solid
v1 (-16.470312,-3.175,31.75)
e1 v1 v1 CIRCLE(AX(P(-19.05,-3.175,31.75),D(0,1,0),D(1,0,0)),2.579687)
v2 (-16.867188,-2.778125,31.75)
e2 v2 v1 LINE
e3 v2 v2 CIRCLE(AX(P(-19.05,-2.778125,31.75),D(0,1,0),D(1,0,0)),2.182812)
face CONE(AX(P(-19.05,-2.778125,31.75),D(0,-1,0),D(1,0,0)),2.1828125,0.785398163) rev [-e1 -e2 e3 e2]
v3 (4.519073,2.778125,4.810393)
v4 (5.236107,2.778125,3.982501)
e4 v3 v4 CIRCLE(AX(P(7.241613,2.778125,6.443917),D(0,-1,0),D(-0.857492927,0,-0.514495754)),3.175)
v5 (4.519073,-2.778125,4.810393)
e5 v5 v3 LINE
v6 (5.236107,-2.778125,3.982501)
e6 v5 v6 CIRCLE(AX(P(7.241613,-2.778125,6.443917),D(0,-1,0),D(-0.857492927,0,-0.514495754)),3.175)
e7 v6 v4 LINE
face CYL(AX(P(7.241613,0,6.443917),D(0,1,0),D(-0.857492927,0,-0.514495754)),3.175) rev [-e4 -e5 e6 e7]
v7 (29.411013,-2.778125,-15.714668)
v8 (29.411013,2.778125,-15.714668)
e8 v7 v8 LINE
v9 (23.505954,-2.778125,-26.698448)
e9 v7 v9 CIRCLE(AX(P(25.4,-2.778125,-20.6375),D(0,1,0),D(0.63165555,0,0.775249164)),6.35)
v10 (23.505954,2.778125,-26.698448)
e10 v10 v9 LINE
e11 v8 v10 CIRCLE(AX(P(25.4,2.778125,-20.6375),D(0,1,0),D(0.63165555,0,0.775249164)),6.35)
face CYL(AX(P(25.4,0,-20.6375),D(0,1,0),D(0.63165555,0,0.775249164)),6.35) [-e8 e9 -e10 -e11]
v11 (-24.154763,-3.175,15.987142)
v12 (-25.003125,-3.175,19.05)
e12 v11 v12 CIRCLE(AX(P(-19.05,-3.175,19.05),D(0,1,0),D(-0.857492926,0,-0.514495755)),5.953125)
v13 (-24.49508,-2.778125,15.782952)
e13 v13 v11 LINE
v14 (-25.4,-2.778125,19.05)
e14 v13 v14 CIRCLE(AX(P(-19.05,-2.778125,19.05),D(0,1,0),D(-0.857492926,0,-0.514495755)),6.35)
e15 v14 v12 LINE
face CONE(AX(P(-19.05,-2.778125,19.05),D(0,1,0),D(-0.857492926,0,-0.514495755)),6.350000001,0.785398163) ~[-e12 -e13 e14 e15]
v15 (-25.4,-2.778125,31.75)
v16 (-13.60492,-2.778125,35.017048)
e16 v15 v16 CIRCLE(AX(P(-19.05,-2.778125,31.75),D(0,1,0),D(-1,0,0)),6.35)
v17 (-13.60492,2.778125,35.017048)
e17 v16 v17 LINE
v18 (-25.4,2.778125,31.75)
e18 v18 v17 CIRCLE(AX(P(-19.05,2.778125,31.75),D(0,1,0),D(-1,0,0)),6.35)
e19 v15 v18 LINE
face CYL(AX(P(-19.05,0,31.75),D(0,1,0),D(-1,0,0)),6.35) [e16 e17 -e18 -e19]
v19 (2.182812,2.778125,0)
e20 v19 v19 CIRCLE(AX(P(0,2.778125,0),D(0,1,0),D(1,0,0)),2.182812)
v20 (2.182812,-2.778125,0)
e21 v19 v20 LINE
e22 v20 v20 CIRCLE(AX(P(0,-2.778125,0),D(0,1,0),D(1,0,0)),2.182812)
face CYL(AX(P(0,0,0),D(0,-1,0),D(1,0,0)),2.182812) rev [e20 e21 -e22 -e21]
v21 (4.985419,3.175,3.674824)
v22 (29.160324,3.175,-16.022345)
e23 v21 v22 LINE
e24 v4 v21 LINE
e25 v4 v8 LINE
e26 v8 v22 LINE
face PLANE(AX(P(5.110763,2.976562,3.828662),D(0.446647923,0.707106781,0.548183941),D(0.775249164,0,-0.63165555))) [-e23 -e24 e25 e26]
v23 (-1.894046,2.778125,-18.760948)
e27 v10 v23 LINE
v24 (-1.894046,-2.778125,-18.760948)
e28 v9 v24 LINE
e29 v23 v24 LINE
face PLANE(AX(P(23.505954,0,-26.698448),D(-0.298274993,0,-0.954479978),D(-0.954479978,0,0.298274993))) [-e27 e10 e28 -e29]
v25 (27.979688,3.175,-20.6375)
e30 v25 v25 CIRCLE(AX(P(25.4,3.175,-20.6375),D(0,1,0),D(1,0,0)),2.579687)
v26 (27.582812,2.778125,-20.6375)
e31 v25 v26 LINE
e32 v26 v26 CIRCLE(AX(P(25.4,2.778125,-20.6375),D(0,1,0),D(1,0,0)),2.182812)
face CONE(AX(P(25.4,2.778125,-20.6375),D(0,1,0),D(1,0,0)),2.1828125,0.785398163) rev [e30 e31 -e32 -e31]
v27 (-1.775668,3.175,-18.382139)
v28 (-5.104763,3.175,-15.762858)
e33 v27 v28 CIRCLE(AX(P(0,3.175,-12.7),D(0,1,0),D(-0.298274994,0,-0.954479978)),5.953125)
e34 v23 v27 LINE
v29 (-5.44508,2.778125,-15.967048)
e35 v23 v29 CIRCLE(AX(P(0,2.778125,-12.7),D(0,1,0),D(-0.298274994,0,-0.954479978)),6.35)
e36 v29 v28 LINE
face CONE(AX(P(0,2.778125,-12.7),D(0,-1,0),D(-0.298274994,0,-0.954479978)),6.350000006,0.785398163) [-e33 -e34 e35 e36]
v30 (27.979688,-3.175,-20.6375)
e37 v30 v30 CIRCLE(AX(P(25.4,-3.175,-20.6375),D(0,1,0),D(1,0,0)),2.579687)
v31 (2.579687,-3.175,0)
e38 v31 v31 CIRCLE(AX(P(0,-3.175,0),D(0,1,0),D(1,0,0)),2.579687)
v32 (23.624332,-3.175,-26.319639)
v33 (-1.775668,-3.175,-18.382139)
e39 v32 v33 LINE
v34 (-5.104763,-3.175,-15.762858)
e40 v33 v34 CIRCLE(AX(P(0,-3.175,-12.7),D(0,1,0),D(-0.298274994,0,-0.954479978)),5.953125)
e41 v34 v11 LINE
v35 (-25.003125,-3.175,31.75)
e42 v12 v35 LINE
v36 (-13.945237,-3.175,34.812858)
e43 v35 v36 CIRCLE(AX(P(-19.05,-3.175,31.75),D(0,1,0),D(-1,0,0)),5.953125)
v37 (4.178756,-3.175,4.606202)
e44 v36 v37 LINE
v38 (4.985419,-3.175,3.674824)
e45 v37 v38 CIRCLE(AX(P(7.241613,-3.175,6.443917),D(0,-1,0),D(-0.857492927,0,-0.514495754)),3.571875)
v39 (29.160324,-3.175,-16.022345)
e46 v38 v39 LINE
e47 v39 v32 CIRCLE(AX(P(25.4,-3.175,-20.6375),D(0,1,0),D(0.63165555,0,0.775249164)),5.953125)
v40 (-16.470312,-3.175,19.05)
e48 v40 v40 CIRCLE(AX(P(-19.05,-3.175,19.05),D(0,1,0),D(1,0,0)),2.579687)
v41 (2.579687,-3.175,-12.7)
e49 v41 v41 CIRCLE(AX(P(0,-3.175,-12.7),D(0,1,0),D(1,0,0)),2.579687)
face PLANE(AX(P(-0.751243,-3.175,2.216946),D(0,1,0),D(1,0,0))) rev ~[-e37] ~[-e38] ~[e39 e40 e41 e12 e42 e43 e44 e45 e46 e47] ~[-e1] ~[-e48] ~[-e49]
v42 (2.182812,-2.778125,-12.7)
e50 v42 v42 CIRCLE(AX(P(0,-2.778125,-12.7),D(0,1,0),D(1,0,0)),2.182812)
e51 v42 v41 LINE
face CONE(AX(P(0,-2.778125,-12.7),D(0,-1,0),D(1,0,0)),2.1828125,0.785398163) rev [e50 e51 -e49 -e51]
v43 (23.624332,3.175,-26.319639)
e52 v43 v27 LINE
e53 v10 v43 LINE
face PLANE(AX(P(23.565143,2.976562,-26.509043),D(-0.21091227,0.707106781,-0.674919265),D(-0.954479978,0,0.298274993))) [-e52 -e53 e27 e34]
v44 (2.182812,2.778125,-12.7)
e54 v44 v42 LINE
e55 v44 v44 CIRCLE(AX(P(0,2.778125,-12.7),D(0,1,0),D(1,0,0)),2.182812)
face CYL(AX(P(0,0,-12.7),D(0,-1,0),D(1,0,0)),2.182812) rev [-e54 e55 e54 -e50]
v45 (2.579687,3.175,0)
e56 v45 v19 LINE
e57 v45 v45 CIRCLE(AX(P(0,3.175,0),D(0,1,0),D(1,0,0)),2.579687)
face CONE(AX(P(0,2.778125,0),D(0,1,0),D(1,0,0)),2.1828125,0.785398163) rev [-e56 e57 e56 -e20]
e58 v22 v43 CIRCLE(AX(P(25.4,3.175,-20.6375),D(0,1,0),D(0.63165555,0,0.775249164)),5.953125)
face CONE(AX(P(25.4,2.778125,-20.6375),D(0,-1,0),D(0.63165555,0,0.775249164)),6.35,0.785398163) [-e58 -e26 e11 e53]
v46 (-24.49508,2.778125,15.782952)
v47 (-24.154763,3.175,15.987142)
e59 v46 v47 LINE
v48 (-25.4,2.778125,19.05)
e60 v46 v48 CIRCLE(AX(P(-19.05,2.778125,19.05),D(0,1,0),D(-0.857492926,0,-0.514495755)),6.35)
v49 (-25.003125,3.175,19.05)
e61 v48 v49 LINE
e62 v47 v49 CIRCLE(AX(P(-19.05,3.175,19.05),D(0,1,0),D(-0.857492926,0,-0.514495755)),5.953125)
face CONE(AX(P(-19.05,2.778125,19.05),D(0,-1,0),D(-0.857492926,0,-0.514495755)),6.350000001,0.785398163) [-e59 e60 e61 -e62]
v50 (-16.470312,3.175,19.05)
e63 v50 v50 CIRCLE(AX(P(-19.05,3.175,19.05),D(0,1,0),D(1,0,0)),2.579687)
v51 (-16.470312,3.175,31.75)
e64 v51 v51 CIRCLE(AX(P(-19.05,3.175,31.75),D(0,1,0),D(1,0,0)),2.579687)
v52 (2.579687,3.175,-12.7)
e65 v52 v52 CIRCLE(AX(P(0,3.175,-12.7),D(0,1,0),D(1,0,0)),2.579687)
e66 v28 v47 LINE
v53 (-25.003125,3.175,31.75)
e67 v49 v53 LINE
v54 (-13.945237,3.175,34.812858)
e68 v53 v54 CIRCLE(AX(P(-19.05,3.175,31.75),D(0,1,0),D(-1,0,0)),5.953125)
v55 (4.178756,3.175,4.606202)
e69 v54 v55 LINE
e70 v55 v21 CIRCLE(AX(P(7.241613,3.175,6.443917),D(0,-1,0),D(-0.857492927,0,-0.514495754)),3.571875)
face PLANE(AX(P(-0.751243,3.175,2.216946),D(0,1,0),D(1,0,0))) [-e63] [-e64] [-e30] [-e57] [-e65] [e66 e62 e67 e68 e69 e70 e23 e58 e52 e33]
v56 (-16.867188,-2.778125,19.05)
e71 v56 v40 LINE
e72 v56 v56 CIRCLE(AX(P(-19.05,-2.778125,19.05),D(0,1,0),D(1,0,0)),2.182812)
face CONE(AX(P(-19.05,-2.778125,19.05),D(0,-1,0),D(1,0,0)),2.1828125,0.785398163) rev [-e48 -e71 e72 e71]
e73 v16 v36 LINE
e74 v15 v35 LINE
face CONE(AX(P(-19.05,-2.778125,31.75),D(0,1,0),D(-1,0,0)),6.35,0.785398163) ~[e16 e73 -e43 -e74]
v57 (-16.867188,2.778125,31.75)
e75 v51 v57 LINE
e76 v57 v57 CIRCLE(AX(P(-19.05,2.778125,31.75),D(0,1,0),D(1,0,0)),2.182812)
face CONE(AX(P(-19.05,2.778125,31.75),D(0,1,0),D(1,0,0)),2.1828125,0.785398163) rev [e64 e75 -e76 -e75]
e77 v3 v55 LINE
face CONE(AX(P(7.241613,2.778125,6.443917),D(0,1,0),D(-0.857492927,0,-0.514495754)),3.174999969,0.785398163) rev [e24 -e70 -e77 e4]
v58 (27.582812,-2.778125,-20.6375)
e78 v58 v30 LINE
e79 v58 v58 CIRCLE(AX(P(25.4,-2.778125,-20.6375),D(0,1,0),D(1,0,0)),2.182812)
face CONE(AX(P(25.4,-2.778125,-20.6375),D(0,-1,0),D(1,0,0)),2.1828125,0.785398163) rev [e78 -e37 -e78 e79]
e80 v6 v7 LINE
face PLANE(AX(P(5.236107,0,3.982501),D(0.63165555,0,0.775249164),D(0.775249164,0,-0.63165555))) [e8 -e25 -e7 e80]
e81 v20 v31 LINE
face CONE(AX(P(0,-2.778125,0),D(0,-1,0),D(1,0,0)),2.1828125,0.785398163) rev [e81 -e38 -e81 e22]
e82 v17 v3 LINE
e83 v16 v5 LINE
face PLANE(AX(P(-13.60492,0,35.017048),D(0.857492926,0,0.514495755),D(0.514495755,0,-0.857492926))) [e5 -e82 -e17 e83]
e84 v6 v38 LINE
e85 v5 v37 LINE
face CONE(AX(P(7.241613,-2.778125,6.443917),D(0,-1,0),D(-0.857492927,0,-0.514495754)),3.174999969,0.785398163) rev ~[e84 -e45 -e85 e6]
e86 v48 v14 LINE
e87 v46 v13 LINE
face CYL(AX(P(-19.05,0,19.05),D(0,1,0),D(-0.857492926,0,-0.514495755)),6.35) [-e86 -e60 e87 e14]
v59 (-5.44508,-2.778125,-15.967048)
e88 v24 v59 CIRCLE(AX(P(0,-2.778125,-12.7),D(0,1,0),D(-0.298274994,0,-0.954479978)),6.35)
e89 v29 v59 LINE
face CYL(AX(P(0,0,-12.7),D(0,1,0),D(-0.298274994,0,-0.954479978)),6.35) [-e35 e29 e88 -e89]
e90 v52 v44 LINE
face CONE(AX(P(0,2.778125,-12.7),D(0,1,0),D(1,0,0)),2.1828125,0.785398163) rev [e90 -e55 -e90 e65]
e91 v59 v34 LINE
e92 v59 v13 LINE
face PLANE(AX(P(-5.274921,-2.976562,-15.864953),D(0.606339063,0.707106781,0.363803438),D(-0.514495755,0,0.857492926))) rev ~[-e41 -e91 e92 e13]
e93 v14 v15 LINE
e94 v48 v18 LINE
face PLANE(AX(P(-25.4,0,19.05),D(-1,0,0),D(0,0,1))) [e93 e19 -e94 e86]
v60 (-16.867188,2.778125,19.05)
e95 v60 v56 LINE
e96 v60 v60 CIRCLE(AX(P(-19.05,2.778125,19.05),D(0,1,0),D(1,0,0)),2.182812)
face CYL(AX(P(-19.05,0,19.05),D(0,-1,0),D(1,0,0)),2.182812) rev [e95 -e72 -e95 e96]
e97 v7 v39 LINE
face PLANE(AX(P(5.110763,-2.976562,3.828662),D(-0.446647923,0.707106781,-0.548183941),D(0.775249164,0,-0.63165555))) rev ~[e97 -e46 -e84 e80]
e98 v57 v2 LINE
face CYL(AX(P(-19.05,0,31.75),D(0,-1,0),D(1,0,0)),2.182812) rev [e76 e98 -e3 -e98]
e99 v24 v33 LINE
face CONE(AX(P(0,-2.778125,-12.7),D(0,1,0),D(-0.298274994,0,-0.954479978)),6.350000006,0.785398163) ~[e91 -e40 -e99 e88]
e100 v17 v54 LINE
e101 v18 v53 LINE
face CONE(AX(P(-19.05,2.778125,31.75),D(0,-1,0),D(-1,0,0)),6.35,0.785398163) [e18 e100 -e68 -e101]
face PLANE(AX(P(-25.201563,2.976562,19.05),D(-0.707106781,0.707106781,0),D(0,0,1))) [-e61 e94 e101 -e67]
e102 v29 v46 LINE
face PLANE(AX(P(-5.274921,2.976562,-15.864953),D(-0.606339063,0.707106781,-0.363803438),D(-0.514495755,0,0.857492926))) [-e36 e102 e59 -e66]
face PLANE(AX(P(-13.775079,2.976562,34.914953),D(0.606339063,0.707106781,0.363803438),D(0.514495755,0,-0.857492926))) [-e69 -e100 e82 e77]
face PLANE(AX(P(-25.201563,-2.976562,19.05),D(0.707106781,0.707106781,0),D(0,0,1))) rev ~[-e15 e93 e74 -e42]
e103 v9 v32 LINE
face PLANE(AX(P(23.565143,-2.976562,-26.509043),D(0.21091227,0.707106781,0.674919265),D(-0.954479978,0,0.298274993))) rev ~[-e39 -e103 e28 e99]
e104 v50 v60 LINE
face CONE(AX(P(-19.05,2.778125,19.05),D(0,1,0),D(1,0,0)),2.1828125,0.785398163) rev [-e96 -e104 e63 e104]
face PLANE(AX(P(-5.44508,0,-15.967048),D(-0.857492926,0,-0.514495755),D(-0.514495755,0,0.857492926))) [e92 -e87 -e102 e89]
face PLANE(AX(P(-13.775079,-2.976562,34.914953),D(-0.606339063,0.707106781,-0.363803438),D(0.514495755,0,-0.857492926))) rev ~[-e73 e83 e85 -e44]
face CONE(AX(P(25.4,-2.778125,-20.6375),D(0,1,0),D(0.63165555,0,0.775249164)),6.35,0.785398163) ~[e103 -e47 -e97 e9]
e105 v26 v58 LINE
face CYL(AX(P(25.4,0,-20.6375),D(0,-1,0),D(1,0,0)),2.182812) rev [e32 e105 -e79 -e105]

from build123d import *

# Parameters (mm, degrees)
SKETCH1_R           = 2.1828125
BOSS_EXTRUDE1_DEPTH = 3.175
CHAMFER1_SIZE       = 0.396875


with BuildPart() as part:
    # Sketch1 → Boss-Extrude1 (new body, symmetric)
    with BuildSketch(Plane(origin=(0, 0, 0), x_dir=(1, 0, 0), z_dir=(0, 1, 0))):
        with BuildLine():
            Line((-25.4, -19.05), (-25.4, -31.75))
            ThreePointArc((-25.4, -31.75), (-20.745028245, -37.869589794), (-13.604919922, -35.017048047))
            Line((-13.604919922, -35.017048047), (4.519073196, -4.810392851))
            ThreePointArc((4.519073196, -4.810392851), (4.841622185, -4.365295225), (5.236106863, -3.98250078))
            Line((5.236106863, -3.98250078), (29.411012744, 15.71466781))
            ThreePointArc((29.411012744, 15.71466781), (30.992963694, 23.644368325), (23.505953794, 26.698447861))
            Line((23.505953794, 26.698447861), (-1.894046206, 18.760947861))
            ThreePointArc((-1.894046206, 18.760947861), (-3.926469495, 17.690524752), (-5.445080078, 15.967048047))
            Line((-5.445080078, 15.967048047), (-24.495080078, -15.782951953))
            ThreePointArc((-24.495080078, -15.782951953), (-25.169589794, -17.354971755), (-25.4, -19.05))
        make_face()
        Circle(SKETCH1_R, mode=Mode.SUBTRACT)
        with Locations((0, 12.7)):
            Circle(SKETCH1_R, mode=Mode.SUBTRACT)
        with Locations((-19.05, -19.05)):
            Circle(SKETCH1_R, mode=Mode.SUBTRACT)
        with Locations((-19.05, -31.75)):
            Circle(SKETCH1_R, mode=Mode.SUBTRACT)
        with Locations((25.4, 20.6375)):
            Circle(SKETCH1_R, mode=Mode.SUBTRACT)
    extrude(amount=BOSS_EXTRUDE1_DEPTH, both=True)

    # Chamfer1
    chamfer1_edges = [part.edges().sort_by_distance(p)[0] for p in [
        (-4.542923363, -3.175, 19.913720449),
        (-20.745028245, -3.175, 37.869589794),
        (-25.4, -3.175, 25.4),
        (-25.169589794, -3.175, 17.354971755),
        (-14.970080078, -3.175, -0.092048047),
        (-3.926469495, -3.175, -17.690524752),
        (10.805953794, -3.175, -22.729697861),
        (30.992963694, 3.175, -23.644368325),
        (30.992963694, -3.175, -23.644368325),
        (17.323559803, -3.175, -5.866083515),
        (4.841622185, -3.175, 4.365295225),
        (10.805953794, 3.175, -22.729697861),
        (-3.926469495, 3.175, -17.690524752),
        (-14.970080078, 3.175, -0.092048047),
        (-2.1828125, -3.175, 0),
        (-2.1828125, 3.175, 0),
        (-25.169589794, 3.175, 17.354971755),
        (-2.1828125, -3.175, -12.7),
        (-2.1828125, 3.175, -12.7),
        (-25.4, 3.175, 25.4),
        (-21.2328125, -3.175, 19.05),
        (-21.2328125, 3.175, 19.05),
        (-20.745028245, 3.175, 37.869589794),
        (-21.2328125, -3.175, 31.75),
        (-21.2328125, 3.175, 31.75),
        (-4.542923363, 3.175, 19.913720449),
        (23.2171875, -3.175, -20.6375),
        (23.2171875, 3.175, -20.6375),
        (4.841622185, 3.175, 4.365295225),
        (17.323559803, 3.175, -5.866083515),
    ]]
    chamfer(chamfer1_edges, length=CHAMFER1_SIZE)


solid = part.part
